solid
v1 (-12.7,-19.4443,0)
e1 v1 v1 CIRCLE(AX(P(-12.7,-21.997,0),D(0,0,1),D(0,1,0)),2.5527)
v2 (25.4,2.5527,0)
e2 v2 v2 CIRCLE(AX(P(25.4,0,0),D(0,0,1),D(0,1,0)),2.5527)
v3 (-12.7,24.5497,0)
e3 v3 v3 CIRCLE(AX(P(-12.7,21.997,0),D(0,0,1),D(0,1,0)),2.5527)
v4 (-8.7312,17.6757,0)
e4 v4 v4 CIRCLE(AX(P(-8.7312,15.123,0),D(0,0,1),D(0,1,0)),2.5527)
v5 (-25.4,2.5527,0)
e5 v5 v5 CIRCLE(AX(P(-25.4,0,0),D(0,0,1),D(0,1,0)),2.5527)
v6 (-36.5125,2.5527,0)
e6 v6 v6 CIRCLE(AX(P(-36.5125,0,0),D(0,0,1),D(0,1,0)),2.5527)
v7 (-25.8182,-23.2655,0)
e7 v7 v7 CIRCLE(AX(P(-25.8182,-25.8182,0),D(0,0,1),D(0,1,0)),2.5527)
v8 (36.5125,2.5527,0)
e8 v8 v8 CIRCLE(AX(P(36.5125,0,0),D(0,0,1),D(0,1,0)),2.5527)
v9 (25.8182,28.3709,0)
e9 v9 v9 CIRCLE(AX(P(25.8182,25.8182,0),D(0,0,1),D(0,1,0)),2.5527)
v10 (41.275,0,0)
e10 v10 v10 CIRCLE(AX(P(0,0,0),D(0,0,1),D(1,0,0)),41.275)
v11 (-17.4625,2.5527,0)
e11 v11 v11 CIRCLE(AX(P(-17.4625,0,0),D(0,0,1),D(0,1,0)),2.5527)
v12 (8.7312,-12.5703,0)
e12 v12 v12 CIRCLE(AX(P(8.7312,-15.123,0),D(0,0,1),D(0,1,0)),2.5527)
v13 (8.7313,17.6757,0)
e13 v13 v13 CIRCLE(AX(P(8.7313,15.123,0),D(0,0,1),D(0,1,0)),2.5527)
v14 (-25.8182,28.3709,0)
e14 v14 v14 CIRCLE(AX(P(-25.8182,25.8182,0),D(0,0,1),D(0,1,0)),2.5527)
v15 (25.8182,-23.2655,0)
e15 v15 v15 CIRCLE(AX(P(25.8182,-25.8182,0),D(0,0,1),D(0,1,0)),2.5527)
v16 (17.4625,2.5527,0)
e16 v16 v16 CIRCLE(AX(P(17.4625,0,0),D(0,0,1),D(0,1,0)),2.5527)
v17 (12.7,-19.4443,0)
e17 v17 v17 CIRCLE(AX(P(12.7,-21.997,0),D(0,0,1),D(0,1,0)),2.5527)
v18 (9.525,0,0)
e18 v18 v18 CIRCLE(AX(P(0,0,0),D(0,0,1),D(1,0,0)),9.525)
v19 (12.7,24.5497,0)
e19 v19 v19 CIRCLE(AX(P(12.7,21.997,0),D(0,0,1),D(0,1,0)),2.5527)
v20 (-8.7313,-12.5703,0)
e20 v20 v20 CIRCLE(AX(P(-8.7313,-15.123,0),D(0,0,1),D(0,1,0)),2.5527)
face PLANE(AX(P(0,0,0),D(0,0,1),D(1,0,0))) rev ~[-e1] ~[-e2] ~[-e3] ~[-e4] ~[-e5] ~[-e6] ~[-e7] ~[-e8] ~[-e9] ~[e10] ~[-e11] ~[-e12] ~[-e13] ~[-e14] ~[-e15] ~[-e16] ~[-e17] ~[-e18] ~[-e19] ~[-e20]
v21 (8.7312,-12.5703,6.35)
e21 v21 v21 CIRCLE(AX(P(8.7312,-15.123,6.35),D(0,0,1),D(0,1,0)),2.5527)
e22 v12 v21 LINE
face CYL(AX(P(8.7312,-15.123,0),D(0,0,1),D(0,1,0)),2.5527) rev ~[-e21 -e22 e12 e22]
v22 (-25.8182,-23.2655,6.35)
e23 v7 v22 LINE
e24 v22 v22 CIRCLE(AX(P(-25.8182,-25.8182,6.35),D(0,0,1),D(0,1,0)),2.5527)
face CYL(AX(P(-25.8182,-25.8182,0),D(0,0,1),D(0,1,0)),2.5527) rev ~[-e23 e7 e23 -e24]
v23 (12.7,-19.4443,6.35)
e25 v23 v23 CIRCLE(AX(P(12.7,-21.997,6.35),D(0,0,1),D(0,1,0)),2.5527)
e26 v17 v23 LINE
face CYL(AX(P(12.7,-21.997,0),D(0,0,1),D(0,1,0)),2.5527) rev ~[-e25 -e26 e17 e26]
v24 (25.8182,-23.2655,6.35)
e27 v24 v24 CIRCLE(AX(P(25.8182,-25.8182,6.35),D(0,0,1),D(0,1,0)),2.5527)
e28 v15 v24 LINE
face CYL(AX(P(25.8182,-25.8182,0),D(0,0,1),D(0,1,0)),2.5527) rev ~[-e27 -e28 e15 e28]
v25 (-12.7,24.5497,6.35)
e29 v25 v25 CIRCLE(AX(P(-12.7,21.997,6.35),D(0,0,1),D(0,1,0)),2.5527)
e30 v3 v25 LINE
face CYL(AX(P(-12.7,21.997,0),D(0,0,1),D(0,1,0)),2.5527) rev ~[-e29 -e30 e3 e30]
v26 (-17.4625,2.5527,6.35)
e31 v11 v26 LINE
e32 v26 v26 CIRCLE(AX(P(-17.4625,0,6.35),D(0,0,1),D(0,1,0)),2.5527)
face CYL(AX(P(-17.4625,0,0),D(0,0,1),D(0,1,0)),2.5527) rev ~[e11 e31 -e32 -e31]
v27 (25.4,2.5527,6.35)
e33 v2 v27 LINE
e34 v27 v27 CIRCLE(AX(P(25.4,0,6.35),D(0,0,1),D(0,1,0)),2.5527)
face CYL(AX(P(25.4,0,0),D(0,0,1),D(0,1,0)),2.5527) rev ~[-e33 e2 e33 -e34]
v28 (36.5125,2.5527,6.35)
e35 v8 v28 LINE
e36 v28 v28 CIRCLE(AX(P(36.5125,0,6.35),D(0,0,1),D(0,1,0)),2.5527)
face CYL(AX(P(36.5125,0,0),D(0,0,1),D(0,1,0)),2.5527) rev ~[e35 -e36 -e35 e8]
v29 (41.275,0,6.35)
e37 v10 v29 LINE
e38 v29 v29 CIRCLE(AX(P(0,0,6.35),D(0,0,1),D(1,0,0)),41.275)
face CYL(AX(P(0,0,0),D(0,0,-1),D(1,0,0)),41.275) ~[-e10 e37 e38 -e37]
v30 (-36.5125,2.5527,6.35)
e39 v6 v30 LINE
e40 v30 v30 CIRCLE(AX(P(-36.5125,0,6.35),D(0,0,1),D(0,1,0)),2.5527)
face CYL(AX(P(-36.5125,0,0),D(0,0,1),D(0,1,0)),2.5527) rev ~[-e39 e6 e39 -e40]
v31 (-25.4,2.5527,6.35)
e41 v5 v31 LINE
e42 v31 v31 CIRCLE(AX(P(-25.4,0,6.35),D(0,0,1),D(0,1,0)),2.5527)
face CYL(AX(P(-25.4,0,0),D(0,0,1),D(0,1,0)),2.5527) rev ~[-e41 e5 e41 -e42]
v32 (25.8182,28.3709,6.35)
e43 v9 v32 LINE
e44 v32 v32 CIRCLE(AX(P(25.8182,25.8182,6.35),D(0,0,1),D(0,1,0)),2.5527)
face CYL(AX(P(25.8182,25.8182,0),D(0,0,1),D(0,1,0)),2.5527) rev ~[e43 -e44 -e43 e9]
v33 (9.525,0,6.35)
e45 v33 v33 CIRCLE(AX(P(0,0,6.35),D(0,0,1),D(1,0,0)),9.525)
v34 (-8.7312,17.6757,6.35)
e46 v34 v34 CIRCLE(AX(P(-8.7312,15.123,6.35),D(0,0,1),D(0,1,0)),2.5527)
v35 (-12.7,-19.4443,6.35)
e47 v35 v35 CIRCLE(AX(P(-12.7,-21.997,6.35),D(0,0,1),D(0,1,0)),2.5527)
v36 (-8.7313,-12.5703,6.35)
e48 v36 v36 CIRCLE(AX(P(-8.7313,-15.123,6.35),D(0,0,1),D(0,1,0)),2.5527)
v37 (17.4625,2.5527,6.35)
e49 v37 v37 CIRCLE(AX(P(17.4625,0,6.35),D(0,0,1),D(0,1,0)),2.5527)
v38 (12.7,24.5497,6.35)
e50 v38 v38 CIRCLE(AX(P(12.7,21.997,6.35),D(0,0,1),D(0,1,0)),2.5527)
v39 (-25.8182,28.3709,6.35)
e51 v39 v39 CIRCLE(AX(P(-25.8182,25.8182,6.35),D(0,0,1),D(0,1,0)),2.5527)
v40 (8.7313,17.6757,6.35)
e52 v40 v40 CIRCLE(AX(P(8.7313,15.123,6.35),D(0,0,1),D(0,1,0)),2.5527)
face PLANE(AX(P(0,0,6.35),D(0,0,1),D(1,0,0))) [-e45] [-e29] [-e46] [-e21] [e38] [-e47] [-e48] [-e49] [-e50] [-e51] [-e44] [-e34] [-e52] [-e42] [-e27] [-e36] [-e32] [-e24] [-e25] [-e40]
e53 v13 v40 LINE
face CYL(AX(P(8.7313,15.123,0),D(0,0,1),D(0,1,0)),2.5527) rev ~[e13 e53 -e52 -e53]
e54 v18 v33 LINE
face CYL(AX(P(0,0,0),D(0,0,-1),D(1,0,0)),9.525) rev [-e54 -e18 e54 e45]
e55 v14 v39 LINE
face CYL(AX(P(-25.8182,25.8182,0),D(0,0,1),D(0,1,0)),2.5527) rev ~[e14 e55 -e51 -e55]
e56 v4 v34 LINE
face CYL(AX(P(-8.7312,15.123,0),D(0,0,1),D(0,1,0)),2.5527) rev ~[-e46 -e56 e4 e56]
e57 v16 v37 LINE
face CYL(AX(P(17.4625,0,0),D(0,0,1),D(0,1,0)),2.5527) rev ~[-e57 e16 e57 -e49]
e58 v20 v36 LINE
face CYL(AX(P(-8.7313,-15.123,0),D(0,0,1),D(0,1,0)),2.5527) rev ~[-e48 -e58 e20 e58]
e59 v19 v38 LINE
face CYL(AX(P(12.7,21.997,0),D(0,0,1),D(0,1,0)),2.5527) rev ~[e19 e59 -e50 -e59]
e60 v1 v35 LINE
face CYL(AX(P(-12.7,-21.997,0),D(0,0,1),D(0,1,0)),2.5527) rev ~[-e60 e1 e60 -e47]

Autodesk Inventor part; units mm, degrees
ref_plane "YZ Plane" through (0, 0, 0) normal (1, 0, 0) x (0, 1, 0)
ref_plane "XZ Plane" through (0, 0, 0) normal (0, 1, 0) x (-1, 0, 0)
ref_plane "XY Plane" through (0, 0, 0) normal (0, 0, 1) x (1, 0, 0)
sketch "Sketch1" plane through (0, 0, 0) normal (0, 0, 1) x (1, 0, 0)
  circle A0 centre (0, 0) radius 9.525
  circle A1 centre (0, 0) radius 31.75 construction
  circle A2 centre (-36.5125, 0) radius 4.7625 construction
  circle A3 centre (36.5125, 0) radius 4.7625 construction
  circle A4 centre (0, 0) radius 17.4625 construction
  line L0 (-36.5125, 0) -> (36.5125, 0) construction
  circle A5 centre (0, 0) radius 25.4 construction
  circle A6 centre (0, 0) radius 36.5125 construction
  line L1 (0, 36.5125) -> (0, 0) construction
  line L2 (-25.8182, 25.8182) -> (0, 0) construction
  circle A7 centre (-25.8182, 25.8182) radius 4.7625 construction
  circle A8 centre (-25.8182, -25.8182) radius 4.7625 construction
  circle A9 centre (25.8182, -25.8182) radius 4.7625 construction
  circle A10 centre (25.8182, 25.8182) radius 4.7625 construction
  circle A11 centre (0, 0) radius 41.275
  point P0 (-17.4625, 0)
  point P1 (-25.4, 0)
  point P2 (-12.7, -21.997)
  point P3 (-8.7313, -15.123)
  point P4 (12.7, -21.997)
  point P5 (8.7312, -15.123)
  point P6 (25.4, 0)
  point P7 (17.4625, 0)
  point P8 (12.7, 21.997)
  point P9 (8.7313, 15.123)
  point P10 (-12.7, 21.997)
  point P11 (-8.7312, 15.123)
  dimension "d3" = 34.925
  dimension "d18" = 50.8
  dimension "d0" = 19.05
  dimension "d1" = 63.5
  dimension "d2" = 9.525
  dimension "d21" = 360
  dimension "d30" = 45
  dimension "d33" = 360
  dimension "d37" = 360
extrude "Extrusion1" add sketch "Sketch1" along normal blind 6.35
hole "Hole2" at (-17.4625, 0, 0) at (-36.5125, 0, 0) at (36.5125, 0, 0) at (-25.4, 0, 0) at (-12.7, -21.997, 0) at (-8.7313, -15.123, 0) at (12.7, -21.997, 0) at (8.7312, -15.123, 0) at (25.4, 0, 0) at (17.4625, 0, 0) at (12.7, 21.997, 0) at (8.7313, 15.123, 0) at (-12.7, 21.997, 0) at (-8.7312, 15.123, 0) at (-25.8182, 25.8182, 0) at (25.8182, 25.8182, 0) at (25.8182, -25.8182, 0) at (-25.8182, -25.8182, 0) direction (0, 0, 1) diameter 5.1054 end through all clearance for "Flat Head Machine Screw (82)" size "#10" standard "Ansi Unified Screw Threads"
properties part number "GP10-004" material "Polycarbonate, Smoke"
